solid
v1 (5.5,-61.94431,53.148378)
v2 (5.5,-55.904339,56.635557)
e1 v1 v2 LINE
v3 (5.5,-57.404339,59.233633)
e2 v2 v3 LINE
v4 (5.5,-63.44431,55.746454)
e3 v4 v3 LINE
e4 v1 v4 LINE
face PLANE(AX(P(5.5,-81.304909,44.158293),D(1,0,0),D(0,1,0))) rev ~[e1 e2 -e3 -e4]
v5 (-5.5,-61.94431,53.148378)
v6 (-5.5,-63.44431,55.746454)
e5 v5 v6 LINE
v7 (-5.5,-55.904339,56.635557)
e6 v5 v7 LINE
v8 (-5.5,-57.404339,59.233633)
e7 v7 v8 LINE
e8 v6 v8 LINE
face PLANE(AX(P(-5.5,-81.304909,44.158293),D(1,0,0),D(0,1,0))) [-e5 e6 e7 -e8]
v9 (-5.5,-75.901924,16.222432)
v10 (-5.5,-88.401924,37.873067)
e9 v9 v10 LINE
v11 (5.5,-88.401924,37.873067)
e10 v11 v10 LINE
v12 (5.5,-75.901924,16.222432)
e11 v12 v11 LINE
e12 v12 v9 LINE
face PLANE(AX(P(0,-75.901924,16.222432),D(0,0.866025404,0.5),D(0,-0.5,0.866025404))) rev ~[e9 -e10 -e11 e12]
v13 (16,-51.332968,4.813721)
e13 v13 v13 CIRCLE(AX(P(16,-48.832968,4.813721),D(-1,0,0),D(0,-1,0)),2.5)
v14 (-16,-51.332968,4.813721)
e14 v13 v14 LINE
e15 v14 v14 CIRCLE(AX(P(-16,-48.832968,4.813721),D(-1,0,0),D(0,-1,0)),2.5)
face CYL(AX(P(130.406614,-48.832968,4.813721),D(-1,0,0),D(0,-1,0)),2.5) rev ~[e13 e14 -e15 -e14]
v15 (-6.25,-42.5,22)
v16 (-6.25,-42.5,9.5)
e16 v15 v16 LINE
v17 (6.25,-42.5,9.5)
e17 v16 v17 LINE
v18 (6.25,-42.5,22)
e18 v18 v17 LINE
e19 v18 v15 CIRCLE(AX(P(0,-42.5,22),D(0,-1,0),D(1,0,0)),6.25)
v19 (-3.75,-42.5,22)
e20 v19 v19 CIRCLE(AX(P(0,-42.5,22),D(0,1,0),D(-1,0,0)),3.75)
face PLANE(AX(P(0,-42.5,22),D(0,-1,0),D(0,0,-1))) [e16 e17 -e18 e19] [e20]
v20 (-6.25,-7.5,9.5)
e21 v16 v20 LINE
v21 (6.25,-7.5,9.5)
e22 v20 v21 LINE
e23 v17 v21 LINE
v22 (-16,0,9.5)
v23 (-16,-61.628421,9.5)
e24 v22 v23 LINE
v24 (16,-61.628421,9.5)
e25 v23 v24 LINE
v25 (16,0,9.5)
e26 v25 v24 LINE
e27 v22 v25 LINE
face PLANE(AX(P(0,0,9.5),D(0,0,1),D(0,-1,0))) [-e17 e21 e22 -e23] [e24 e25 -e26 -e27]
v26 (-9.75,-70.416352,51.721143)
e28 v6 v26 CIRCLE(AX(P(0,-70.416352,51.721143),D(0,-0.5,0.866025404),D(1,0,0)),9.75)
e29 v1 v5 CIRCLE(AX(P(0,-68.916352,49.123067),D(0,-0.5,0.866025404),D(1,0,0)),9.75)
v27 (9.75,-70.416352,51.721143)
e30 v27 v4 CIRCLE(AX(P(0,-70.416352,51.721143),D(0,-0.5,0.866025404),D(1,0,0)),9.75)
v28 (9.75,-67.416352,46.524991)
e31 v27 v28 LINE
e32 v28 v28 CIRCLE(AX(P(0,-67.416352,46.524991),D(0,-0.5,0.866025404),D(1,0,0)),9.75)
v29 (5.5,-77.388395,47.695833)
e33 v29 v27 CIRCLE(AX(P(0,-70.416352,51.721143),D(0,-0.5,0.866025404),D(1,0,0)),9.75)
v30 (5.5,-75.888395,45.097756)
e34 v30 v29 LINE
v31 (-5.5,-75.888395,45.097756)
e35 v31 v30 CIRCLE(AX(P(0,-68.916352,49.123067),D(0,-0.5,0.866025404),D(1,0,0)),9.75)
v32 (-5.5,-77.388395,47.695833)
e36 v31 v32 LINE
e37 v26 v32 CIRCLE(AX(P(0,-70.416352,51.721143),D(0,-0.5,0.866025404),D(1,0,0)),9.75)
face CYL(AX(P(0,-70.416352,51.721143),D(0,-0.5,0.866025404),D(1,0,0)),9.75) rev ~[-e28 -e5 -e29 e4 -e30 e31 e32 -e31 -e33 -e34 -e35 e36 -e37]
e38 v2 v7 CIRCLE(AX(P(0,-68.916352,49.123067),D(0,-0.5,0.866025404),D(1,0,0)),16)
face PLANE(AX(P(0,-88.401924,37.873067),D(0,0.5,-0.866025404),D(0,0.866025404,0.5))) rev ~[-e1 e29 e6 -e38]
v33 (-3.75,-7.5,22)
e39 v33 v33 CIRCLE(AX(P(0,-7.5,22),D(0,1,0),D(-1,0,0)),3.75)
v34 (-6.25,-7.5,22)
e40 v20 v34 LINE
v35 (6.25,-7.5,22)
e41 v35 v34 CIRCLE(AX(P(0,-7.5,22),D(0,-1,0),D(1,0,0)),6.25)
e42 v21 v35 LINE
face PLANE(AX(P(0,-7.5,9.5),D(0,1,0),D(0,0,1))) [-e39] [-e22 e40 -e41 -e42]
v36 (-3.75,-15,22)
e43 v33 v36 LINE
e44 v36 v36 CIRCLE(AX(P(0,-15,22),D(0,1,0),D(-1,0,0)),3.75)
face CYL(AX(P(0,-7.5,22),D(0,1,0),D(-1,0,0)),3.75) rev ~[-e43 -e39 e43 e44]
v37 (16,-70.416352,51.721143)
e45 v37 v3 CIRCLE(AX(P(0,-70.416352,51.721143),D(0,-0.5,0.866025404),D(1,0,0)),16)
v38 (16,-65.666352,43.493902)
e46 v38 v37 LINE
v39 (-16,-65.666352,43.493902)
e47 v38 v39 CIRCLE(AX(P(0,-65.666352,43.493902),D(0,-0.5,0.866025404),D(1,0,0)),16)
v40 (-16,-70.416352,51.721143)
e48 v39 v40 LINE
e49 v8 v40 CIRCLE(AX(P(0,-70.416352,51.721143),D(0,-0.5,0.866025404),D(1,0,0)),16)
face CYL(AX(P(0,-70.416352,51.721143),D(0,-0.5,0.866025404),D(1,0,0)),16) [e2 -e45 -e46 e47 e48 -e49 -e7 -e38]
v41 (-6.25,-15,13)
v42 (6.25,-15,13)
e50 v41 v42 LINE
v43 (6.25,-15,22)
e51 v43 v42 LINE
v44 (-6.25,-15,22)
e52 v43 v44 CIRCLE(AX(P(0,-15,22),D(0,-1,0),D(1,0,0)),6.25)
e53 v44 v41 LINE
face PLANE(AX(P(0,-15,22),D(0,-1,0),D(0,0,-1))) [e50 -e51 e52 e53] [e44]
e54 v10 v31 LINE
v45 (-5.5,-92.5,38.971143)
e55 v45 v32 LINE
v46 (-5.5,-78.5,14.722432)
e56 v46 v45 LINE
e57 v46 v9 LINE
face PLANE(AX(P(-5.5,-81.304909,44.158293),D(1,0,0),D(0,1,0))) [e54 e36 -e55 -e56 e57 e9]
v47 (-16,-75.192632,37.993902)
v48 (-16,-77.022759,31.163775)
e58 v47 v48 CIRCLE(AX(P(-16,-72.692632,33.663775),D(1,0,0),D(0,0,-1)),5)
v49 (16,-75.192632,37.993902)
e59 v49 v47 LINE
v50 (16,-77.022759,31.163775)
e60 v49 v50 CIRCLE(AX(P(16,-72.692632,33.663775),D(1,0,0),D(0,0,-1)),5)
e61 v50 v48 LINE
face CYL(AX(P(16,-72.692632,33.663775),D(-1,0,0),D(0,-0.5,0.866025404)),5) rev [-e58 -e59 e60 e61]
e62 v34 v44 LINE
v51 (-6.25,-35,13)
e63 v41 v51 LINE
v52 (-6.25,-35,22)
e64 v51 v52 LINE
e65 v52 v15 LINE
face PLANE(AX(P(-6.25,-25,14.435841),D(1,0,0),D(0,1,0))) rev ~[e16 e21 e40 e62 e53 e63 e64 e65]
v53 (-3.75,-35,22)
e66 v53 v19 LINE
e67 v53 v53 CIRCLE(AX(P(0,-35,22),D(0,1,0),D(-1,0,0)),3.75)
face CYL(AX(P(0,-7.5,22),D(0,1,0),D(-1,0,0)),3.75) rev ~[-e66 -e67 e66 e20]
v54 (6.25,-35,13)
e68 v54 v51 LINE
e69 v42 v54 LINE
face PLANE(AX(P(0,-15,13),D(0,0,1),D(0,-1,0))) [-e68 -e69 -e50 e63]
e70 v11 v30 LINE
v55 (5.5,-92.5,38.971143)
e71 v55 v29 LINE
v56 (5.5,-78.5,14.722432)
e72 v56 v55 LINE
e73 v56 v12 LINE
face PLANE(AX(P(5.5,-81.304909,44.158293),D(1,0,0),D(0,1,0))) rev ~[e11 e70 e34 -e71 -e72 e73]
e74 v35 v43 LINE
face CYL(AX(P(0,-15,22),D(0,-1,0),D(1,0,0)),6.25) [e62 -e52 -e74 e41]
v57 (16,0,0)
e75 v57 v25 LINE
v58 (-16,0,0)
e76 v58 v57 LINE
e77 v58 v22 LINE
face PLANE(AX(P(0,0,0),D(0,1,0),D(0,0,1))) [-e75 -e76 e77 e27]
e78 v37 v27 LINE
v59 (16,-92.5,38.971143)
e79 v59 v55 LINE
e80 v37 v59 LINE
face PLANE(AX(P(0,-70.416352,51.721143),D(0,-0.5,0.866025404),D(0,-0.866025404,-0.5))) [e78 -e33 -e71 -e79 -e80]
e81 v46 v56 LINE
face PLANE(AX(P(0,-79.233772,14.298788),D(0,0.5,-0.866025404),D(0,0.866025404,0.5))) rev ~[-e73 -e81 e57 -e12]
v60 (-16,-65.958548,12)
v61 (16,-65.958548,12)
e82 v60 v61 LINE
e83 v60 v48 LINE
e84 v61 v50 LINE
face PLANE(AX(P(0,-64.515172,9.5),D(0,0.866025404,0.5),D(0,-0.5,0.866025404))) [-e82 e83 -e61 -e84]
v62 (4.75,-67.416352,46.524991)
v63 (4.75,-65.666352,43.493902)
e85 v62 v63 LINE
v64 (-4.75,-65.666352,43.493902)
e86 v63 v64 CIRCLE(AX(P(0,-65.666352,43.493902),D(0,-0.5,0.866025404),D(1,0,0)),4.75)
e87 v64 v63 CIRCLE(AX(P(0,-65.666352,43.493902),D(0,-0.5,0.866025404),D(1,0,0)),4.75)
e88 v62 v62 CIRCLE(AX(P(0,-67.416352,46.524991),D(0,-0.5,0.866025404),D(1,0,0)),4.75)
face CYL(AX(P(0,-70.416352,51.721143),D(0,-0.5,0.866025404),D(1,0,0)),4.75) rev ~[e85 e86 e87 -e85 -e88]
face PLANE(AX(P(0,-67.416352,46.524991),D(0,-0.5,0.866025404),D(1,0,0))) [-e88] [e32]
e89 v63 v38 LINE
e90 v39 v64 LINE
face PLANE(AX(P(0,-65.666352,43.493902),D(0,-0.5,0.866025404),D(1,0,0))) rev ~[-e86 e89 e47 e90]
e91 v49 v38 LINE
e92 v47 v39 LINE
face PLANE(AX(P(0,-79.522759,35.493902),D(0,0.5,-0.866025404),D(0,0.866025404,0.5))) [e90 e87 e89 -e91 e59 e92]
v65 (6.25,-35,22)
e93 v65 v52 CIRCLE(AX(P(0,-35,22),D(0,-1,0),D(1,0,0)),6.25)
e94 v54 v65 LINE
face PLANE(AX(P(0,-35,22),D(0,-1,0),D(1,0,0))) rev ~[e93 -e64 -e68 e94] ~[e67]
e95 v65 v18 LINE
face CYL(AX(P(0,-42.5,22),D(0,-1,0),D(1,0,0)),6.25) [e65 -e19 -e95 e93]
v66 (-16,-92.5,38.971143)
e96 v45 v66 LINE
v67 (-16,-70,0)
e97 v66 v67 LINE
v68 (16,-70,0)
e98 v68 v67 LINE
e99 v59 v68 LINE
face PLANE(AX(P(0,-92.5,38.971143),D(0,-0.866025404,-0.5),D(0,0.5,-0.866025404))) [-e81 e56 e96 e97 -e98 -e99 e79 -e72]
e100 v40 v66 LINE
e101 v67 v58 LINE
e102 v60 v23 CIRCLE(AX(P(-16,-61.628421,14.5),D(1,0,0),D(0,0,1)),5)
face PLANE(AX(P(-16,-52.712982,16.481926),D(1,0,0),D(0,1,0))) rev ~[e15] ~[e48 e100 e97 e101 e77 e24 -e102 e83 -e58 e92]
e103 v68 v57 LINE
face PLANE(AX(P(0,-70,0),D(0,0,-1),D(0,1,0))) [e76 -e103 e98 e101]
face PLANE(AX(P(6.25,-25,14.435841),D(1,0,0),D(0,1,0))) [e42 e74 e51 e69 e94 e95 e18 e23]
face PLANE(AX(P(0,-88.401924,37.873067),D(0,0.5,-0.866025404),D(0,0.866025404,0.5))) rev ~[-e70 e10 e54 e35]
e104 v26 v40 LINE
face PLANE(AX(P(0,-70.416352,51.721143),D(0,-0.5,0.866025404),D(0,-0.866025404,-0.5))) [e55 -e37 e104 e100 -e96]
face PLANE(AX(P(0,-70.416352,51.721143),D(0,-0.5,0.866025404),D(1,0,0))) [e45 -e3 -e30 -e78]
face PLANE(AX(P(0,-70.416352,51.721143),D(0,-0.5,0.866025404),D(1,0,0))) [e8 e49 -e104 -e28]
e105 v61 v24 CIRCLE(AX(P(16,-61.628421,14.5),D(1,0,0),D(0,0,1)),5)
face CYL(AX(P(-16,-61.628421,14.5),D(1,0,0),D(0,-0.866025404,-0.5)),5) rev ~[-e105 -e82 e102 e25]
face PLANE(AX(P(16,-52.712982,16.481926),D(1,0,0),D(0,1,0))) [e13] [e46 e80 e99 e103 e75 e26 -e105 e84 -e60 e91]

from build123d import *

# Parameters (mm, degrees)
F1_DEPTH  = 32
F2_R      = 32
F3_DEPTH  = 19
F4_R      = 9.5
F5_DEPTH  = 19
F6_R      = 19.5
F6_R_2    = 9.5
F7_DEPTH  = 12
F9_DEPTH  = 11
F10_R     = 10
F12_DEPTH = 12.5
F13_R     = 12.5
F14_DEPTH = 15
F15_R     = 12.5
F16_DEPTH = 15
F17_R     = 7.5
F18_DEPTH = 70
F20_D     = 10
F21_SCALE = 0.5


with BuildPart() as f1:
    # F0 (on Right) → F1 (new body, symmetric)
    with BuildSketch(Plane.YZ):
        Polygon((-140, 0), (0, 0), (0, 19), (-129.0303448854, 19), (-159.0455173281, 70.9878036687), (-131.332704407, 86.9878036687), (-140.832704407, 103.4422863406), (-185, 77.9422863406), align=None)
    extrude(amount=F1_DEPTH, both=True)

    # F2 (on face) → F3 (join, through all)
    with BuildSketch(Plane(origin=(0, -80, 138.5640646055), x_dir=(1, 0, 0), z_dir=(0, -0.5, 0.8660254038))):
        with Locations((0, -70.2435565298)):
            Circle(F2_R)
    extrude(amount=-F3_DEPTH)

    # F4 (on face) → F5 (cut, through all)
    with BuildSketch(Plane(origin=(0, -80, 138.5640646055), x_dir=(1, 0, 0), z_dir=(0, -0.5, 0.8660254038))):
        with Locations((0, -70.2435565298)):
            Circle(F4_R)
    extrude(amount=-F5_DEPTH, mode=Mode.SUBTRACT)

    # F6 (on face) → F7 (cut)
    with BuildSketch(Plane(origin=(0, -80, 138.5640646055), x_dir=(1, 0, 0), z_dir=(0, -0.5, 0.8660254038))):
        with Locations((0, -70.2435565298)):
            Circle(F6_R)
        with Locations((0, -70.2435565298)):
            Circle(F6_R_2, mode=Mode.SUBTRACT)
    extrude(amount=-F7_DEPTH, mode=Mode.SUBTRACT)

    # F8 (on Right) → F9 (cut, symmetric)
    with BuildSketch(Plane.YZ):
        Polygon((-176.8038475773, 75.7461339179), (-102.4204401346, 118.6914142282), (-139.8535072803, 145.4511135817), (-219.7459042072, 72.3169818521), (-158.4675441277, 28.5975767315), (-151.8038475773, 32.4448637287), align=None)
    extrude(amount=F9_DEPTH, both=True, mode=Mode.SUBTRACT)

    # F10
    f10_edges = [f1.edges().sort_by_distance(p)[0] for p in [
        (0, -159.045517, 70.987804),
        (0, -129.030345, 19),
    ]]
    fillet(f10_edges, radius=F10_R)

    # F11 (on Right) → F12 (join, symmetric)
    with BuildSketch(Plane.YZ):
        Polygon((-85, 44), (-85, 19), (-15, 19), (-15, 44), (-30, 44), (-30, 26), (-70, 26), (-70, 44), align=None)
    extrude(amount=F12_DEPTH, both=True)

    # F13 (on face) → F14 (join, through all)
    with BuildSketch(Plane.XZ.offset(85)):
        with Locations((0, 44)):
            Circle(F13_R)
    extrude(amount=-F14_DEPTH)

    # F15 (on face) → F16 (join, through all)
    with BuildSketch(Plane.XZ.offset(30)):
        with Locations((0, 44)):
            Circle(F15_R)
    extrude(amount=-F16_DEPTH)

    # F17 (on face) → F18 (cut, through all)
    with BuildSketch(Plane(origin=(0, -15, 0), x_dir=(-1, 0, 0), z_dir=(0, 1, 0))):
        with Locations((0, 44)):
            Circle(F17_R)
    extrude(amount=-F18_DEPTH, mode=Mode.SUBTRACT)

    # F20 (through all)
    with Locations(Plane.YZ.offset(32)):
        with Locations((-97.6659357548, 9.6274418756)):
            Hole(F20_D / 2)


with BuildPart() as f1_1:
    # F21: moved
    add(f1.part.scale(F21_SCALE))


solid = f1_1.part
